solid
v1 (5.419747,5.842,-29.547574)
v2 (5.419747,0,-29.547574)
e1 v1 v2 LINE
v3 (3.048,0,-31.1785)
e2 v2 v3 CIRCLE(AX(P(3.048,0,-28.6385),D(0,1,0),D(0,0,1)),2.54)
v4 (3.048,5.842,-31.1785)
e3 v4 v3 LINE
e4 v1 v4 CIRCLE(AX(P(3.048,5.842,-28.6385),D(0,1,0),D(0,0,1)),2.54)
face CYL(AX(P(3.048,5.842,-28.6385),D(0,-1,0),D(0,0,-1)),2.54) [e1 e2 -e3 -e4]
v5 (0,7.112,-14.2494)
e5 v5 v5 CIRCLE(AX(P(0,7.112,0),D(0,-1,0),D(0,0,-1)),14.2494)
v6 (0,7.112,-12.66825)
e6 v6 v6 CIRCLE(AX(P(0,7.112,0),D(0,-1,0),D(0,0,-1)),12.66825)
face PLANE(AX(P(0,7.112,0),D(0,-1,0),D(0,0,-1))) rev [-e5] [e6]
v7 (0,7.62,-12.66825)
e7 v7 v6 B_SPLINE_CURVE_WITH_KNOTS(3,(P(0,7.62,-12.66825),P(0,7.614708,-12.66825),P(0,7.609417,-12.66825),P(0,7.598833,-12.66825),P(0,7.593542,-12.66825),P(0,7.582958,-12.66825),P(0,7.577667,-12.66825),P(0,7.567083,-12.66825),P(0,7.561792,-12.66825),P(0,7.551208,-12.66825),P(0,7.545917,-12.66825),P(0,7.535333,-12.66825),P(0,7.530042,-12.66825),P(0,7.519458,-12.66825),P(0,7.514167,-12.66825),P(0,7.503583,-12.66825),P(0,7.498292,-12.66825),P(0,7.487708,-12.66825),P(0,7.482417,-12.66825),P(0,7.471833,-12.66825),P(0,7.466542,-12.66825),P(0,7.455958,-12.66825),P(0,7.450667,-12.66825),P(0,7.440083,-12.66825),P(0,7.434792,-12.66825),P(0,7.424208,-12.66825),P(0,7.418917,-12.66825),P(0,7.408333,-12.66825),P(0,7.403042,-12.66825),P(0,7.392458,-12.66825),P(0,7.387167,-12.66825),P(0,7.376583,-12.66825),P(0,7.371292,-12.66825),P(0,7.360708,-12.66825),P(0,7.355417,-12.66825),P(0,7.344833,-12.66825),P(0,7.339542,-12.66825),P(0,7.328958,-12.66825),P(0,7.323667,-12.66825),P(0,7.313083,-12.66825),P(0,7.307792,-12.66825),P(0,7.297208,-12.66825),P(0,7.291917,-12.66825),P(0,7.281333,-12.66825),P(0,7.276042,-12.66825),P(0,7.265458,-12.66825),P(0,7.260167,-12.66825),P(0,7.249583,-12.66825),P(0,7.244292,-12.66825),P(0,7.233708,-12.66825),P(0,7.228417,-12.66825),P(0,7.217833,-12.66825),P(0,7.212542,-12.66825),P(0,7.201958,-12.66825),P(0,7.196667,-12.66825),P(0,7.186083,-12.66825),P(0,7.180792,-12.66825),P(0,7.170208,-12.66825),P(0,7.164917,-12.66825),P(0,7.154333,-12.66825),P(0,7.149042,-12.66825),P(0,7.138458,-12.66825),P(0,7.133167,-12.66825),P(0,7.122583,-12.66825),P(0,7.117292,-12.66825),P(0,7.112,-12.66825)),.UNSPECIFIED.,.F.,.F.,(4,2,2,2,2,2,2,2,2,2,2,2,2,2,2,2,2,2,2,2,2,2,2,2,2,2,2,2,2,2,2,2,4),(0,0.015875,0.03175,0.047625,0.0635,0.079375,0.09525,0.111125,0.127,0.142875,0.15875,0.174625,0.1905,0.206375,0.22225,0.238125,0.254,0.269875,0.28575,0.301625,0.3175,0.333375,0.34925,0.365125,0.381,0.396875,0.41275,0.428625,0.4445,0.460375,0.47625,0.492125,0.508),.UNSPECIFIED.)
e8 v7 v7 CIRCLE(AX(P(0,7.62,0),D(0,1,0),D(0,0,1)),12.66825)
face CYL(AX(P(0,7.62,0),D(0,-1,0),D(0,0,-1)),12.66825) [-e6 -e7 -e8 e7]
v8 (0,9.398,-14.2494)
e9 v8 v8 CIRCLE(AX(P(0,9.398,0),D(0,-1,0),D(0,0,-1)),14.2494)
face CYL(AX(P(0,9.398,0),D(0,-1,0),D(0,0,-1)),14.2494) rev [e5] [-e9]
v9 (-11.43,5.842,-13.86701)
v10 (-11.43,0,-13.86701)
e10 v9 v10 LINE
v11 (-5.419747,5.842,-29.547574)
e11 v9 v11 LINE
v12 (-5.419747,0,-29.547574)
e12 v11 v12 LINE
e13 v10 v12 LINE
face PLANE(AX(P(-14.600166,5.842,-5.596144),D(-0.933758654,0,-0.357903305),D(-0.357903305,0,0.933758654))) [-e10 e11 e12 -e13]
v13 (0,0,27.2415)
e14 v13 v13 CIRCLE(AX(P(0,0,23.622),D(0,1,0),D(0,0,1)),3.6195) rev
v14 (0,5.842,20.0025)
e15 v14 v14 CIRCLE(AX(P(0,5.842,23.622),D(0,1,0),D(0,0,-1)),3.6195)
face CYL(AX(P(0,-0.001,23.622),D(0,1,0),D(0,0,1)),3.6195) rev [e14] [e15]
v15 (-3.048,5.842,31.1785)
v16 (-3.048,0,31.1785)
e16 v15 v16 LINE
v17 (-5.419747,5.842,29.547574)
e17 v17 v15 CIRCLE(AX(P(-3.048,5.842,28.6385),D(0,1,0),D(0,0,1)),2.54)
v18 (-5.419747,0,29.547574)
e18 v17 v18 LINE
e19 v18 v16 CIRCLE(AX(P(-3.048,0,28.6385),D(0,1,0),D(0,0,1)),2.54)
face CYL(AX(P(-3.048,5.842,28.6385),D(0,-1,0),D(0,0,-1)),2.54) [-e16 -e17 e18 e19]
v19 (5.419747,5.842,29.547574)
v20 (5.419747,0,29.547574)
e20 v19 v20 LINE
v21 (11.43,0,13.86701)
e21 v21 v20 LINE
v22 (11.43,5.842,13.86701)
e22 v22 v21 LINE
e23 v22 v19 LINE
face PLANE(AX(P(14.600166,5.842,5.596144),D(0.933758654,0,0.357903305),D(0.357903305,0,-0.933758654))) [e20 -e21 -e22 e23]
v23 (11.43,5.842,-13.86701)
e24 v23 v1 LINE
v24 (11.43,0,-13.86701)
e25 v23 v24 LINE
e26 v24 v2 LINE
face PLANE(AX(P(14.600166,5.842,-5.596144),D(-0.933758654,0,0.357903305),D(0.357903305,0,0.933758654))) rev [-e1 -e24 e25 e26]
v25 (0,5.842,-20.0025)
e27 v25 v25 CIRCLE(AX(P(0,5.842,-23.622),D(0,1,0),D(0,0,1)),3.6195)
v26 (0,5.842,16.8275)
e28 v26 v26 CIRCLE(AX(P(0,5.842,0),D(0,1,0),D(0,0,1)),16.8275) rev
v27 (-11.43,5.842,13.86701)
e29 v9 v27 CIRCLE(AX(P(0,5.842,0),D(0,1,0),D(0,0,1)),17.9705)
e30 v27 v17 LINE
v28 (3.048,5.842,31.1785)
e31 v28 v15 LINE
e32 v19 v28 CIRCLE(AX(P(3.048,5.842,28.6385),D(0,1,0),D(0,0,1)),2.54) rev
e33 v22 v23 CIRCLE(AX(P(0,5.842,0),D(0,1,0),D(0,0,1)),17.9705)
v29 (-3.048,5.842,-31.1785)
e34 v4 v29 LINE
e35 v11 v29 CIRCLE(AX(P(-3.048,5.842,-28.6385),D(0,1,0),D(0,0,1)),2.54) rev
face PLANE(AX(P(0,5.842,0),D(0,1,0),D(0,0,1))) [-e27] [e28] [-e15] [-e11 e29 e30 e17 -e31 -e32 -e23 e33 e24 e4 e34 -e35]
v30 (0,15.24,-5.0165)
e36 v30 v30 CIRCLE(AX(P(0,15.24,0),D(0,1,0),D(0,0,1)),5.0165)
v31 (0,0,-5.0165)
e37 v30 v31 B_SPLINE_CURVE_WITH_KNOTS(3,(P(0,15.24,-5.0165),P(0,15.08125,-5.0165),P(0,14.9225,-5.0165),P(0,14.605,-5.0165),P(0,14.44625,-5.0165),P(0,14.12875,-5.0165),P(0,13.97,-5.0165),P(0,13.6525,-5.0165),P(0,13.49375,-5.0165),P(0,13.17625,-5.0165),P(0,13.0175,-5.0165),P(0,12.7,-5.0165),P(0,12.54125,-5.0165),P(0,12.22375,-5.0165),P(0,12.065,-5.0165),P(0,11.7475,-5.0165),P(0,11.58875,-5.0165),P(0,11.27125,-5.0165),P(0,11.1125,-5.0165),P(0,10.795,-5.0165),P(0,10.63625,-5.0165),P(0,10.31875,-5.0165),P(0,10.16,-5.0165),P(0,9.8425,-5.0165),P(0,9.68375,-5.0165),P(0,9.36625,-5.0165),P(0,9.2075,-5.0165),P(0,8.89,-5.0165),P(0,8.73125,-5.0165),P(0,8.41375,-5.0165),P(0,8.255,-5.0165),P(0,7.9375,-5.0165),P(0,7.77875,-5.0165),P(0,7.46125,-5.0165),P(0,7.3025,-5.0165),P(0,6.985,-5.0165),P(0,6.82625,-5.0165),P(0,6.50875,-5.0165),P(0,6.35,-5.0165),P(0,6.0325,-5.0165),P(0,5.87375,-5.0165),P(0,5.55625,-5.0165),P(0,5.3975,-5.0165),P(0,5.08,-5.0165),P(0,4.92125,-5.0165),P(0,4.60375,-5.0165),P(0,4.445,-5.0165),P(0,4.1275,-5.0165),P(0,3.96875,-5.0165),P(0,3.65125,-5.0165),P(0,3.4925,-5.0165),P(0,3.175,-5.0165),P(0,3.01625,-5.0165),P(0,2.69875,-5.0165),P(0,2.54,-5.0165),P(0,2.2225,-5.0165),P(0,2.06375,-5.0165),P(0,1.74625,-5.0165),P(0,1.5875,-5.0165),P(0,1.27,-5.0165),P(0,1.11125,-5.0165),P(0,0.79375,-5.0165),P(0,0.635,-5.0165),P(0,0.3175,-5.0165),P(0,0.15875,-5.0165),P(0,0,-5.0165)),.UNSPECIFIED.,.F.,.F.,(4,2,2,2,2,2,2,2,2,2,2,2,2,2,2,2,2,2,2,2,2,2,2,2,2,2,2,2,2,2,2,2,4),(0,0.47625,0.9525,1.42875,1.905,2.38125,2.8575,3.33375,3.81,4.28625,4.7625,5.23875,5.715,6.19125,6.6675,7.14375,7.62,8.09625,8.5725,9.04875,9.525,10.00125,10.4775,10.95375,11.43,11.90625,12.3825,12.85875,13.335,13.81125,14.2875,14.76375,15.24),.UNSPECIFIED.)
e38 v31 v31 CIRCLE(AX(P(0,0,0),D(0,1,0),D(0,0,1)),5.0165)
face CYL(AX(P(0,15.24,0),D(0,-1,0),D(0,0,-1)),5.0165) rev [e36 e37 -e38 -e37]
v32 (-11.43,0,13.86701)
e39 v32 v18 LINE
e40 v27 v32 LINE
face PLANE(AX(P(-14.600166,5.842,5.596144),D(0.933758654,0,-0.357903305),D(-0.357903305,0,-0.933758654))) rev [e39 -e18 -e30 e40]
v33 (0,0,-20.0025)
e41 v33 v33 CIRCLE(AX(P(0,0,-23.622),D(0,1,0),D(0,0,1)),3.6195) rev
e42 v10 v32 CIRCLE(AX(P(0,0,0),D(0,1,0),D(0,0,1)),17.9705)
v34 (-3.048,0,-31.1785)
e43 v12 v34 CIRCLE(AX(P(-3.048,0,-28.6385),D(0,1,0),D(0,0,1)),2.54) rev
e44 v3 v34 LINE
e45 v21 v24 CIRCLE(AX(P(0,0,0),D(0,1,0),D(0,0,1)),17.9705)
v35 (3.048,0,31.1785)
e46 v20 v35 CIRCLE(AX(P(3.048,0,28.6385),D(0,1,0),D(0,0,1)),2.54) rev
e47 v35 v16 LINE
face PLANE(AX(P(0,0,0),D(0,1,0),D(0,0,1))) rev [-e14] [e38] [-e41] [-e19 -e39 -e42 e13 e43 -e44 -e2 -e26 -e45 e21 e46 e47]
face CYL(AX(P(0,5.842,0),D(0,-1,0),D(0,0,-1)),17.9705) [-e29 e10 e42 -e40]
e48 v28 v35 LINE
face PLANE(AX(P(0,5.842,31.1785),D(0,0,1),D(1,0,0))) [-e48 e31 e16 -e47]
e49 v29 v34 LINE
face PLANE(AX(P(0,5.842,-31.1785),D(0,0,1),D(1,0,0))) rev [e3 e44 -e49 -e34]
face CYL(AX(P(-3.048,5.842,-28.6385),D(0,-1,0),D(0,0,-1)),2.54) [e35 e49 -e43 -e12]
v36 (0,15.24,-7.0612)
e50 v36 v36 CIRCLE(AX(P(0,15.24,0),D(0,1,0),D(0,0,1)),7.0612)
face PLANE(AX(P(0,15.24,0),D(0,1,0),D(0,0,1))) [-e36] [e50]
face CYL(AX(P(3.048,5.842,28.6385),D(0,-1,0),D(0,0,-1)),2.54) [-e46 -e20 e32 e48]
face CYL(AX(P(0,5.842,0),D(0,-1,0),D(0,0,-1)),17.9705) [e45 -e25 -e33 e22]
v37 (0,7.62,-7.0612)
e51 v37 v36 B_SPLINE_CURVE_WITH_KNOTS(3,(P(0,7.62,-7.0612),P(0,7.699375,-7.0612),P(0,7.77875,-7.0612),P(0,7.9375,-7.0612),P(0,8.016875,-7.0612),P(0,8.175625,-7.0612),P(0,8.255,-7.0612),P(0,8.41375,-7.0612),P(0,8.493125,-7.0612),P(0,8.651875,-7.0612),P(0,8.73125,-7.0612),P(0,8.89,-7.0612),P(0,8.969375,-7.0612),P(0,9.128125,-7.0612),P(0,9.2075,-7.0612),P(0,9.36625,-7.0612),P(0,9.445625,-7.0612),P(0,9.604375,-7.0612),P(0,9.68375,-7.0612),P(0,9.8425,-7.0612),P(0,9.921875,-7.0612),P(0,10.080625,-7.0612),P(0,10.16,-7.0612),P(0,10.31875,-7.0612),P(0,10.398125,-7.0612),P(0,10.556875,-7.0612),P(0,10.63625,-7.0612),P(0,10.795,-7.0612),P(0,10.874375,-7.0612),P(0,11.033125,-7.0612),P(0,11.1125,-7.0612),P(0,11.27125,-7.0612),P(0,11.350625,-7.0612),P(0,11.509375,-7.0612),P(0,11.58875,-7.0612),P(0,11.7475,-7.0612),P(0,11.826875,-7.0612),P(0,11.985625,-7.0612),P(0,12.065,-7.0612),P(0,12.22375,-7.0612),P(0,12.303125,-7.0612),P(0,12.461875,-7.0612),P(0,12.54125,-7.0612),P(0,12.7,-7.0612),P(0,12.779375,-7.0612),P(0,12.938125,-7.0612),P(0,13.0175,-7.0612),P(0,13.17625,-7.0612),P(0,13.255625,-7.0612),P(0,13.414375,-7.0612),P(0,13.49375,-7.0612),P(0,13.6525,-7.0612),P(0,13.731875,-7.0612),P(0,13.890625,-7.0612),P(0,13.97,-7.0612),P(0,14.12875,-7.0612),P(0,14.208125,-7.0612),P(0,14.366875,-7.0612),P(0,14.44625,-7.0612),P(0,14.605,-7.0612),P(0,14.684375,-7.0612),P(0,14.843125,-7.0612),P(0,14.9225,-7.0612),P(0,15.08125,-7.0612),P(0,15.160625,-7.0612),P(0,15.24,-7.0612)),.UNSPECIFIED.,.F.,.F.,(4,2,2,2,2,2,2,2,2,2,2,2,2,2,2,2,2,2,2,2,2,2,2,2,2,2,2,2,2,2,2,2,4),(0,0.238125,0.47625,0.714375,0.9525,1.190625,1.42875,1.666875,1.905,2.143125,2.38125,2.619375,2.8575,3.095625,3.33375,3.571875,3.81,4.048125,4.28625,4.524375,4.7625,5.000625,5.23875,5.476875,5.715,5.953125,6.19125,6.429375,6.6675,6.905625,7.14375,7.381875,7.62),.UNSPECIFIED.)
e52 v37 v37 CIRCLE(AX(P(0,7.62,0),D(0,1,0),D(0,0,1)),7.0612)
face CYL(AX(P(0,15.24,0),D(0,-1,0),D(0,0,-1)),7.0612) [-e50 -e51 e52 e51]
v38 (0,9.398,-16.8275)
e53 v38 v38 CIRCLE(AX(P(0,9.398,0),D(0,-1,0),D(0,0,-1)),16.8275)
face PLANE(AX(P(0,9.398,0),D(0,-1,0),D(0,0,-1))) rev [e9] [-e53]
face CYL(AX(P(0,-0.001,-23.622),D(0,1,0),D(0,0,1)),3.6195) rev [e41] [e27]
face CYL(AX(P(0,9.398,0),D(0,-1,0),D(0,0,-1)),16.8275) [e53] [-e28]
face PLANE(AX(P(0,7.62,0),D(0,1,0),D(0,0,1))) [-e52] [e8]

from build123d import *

# Parameters (mm, degrees)
SKETCH1_R           = 7.0612
SKETCH1_R_2         = 5.0165
BOSS_EXTRUDE1_DEPTH = 15.24
SKETCH2_R           = 12.66825
SKETCH2_R_2         = 7.0612
BOSS_EXTRUDE2_DEPTH = 7.62
SKETCH3_R           = 14.2494
SKETCH3_R_2         = 12.66825
BOSS_EXTRUDE3_DEPTH = 7.112
SKETCH4_R           = 16.8275
SKETCH4_R_2         = 14.2494
BOSS_EXTRUDE4_DEPTH = 9.398
SKETCH5_R           = 16.8275
BOSS_EXTRUDE5_DEPTH = 5.842
CUT_EXTRUDE1_REACH  = 39.194
SKETCH6_R           = 3.6195


with BuildPart() as part:
    # Sketch1 → Boss-Extrude1 (new body)
    with BuildSketch(Plane(origin=(0, 0, 0), x_dir=(1, 0, 0), z_dir=(0, 1, 0))):
        with Locations(Location((0, 0, 0), (0, 0, 90))):
            Circle(SKETCH1_R)
        with Locations(Location((0, 0, 0), (0, 0, 90))):
            Circle(SKETCH1_R_2, mode=Mode.SUBTRACT)
    extrude(amount=BOSS_EXTRUDE1_DEPTH)

    # Sketch2 → Boss-Extrude2 (add)
    with BuildSketch(Plane(origin=(0, 0, 0), x_dir=(1, 0, 0), z_dir=(0, 1, 0))):
        with Locations(Location((0, 0, 0), (0, 0, 90))):
            Circle(SKETCH2_R)
        with Locations(Location((0, 0, 0), (0, 0, 90))):
            Circle(SKETCH2_R_2, mode=Mode.SUBTRACT)
    extrude(amount=BOSS_EXTRUDE2_DEPTH)

    # Sketch3 → Boss-Extrude3 (add)
    with BuildSketch(Plane.XZ):
        with Locations(Location((0, 0, 0), (0, 0, 270))):
            Circle(SKETCH3_R)
        with Locations(Location((0, 0, 0), (0, 0, 270))):
            Circle(SKETCH3_R_2, mode=Mode.SUBTRACT)
    extrude(amount=-BOSS_EXTRUDE3_DEPTH)

    # Sketch4 → Boss-Extrude4 (add)
    with BuildSketch(Plane.XZ):
        with Locations(Location((0, 0, 0), (0, 0, 270))):
            Circle(SKETCH4_R)
        with Locations(Location((0, 0, 0), (0, 0, 270))):
            Circle(SKETCH4_R_2, mode=Mode.SUBTRACT)
    extrude(amount=-BOSS_EXTRUDE4_DEPTH)

    # Sketch5 → Boss-Extrude5 (add)
    with BuildSketch(Plane(origin=(0, 0, 0), x_dir=(1, 0, 0), z_dir=(0, 1, 0))):
        with BuildLine():
            ThreePointArc((-11.43, 13.867010141), (-17.9705, 0), (-11.43, -13.867010141))
            Line((-11.43, -13.867010141), (-5.419746982, -29.547574395))
            ThreePointArc((-5.419746982, -29.547574395), (-4.487192662, -30.731422474), (-3.048, -31.1785))
            Line((-3.048, -31.1785), (3.048, -31.1785))
            ThreePointArc((3.048, -31.1785), (4.487192662, -30.731422474), (5.419746982, -29.547574395))
            Line((5.419746982, -29.547574395), (11.43, -13.867010141))
            ThreePointArc((11.43, -13.867010141), (17.9705, 0), (11.43, 13.867010141))
            Line((11.43, 13.867010141), (5.419746982, 29.547574395))
            ThreePointArc((5.419746982, 29.547574395), (4.487192662, 30.731422474), (3.048, 31.1785))
            Line((3.048, 31.1785), (-3.048, 31.1785))
            ThreePointArc((-3.048, 31.1785), (-4.487192662, 30.731422474), (-5.419746982, 29.547574395))
            Line((-5.419746982, 29.547574395), (-11.43, 13.867010141))
        make_face()
        with Locations(Location((0, 0, 0), (0, 0, 90))):
            Circle(SKETCH5_R, mode=Mode.SUBTRACT)
    extrude(amount=BOSS_EXTRUDE5_DEPTH)

    # Sketch6 → Cut-Extrude1 (cut, up to next)
    with BuildSketch(Plane(origin=(0, 5.842, 0), x_dir=(1, 0, 0), z_dir=(0, 1, 0)), mode=Mode.PRIVATE) as cut_extrude1_sk1:
        with Locations(Location((0, 23.622, 0), (0, 0, 270))):
            Circle(SKETCH6_R)
    cut_extrude1_tool1 = extrude(cut_extrude1_sk1.sketch, amount=-CUT_EXTRUDE1_REACH, mode=Mode.PRIVATE) & part.part
    # Sketch6 → Cut-Extrude1 (cut, up to next)
    with BuildSketch(Plane(origin=(0, 5.842, 0), x_dir=(1, 0, 0), z_dir=(0, 1, 0)), mode=Mode.PRIVATE) as cut_extrude1_sk2:
        with Locations(Location((0, -23.622, 0), (0, 0, 270))):
            Circle(SKETCH6_R)
    cut_extrude1_tool2 = extrude(cut_extrude1_sk2.sketch, amount=-CUT_EXTRUDE1_REACH, mode=Mode.PRIVATE) & part.part
    add(cut_extrude1_tool1.solids().sort_by_distance((0, 5.842, -23.622))[0], mode=Mode.SUBTRACT)
    add(cut_extrude1_tool2.solids().sort_by_distance((0, 5.842, 23.622))[0], mode=Mode.SUBTRACT)


solid = part.part
